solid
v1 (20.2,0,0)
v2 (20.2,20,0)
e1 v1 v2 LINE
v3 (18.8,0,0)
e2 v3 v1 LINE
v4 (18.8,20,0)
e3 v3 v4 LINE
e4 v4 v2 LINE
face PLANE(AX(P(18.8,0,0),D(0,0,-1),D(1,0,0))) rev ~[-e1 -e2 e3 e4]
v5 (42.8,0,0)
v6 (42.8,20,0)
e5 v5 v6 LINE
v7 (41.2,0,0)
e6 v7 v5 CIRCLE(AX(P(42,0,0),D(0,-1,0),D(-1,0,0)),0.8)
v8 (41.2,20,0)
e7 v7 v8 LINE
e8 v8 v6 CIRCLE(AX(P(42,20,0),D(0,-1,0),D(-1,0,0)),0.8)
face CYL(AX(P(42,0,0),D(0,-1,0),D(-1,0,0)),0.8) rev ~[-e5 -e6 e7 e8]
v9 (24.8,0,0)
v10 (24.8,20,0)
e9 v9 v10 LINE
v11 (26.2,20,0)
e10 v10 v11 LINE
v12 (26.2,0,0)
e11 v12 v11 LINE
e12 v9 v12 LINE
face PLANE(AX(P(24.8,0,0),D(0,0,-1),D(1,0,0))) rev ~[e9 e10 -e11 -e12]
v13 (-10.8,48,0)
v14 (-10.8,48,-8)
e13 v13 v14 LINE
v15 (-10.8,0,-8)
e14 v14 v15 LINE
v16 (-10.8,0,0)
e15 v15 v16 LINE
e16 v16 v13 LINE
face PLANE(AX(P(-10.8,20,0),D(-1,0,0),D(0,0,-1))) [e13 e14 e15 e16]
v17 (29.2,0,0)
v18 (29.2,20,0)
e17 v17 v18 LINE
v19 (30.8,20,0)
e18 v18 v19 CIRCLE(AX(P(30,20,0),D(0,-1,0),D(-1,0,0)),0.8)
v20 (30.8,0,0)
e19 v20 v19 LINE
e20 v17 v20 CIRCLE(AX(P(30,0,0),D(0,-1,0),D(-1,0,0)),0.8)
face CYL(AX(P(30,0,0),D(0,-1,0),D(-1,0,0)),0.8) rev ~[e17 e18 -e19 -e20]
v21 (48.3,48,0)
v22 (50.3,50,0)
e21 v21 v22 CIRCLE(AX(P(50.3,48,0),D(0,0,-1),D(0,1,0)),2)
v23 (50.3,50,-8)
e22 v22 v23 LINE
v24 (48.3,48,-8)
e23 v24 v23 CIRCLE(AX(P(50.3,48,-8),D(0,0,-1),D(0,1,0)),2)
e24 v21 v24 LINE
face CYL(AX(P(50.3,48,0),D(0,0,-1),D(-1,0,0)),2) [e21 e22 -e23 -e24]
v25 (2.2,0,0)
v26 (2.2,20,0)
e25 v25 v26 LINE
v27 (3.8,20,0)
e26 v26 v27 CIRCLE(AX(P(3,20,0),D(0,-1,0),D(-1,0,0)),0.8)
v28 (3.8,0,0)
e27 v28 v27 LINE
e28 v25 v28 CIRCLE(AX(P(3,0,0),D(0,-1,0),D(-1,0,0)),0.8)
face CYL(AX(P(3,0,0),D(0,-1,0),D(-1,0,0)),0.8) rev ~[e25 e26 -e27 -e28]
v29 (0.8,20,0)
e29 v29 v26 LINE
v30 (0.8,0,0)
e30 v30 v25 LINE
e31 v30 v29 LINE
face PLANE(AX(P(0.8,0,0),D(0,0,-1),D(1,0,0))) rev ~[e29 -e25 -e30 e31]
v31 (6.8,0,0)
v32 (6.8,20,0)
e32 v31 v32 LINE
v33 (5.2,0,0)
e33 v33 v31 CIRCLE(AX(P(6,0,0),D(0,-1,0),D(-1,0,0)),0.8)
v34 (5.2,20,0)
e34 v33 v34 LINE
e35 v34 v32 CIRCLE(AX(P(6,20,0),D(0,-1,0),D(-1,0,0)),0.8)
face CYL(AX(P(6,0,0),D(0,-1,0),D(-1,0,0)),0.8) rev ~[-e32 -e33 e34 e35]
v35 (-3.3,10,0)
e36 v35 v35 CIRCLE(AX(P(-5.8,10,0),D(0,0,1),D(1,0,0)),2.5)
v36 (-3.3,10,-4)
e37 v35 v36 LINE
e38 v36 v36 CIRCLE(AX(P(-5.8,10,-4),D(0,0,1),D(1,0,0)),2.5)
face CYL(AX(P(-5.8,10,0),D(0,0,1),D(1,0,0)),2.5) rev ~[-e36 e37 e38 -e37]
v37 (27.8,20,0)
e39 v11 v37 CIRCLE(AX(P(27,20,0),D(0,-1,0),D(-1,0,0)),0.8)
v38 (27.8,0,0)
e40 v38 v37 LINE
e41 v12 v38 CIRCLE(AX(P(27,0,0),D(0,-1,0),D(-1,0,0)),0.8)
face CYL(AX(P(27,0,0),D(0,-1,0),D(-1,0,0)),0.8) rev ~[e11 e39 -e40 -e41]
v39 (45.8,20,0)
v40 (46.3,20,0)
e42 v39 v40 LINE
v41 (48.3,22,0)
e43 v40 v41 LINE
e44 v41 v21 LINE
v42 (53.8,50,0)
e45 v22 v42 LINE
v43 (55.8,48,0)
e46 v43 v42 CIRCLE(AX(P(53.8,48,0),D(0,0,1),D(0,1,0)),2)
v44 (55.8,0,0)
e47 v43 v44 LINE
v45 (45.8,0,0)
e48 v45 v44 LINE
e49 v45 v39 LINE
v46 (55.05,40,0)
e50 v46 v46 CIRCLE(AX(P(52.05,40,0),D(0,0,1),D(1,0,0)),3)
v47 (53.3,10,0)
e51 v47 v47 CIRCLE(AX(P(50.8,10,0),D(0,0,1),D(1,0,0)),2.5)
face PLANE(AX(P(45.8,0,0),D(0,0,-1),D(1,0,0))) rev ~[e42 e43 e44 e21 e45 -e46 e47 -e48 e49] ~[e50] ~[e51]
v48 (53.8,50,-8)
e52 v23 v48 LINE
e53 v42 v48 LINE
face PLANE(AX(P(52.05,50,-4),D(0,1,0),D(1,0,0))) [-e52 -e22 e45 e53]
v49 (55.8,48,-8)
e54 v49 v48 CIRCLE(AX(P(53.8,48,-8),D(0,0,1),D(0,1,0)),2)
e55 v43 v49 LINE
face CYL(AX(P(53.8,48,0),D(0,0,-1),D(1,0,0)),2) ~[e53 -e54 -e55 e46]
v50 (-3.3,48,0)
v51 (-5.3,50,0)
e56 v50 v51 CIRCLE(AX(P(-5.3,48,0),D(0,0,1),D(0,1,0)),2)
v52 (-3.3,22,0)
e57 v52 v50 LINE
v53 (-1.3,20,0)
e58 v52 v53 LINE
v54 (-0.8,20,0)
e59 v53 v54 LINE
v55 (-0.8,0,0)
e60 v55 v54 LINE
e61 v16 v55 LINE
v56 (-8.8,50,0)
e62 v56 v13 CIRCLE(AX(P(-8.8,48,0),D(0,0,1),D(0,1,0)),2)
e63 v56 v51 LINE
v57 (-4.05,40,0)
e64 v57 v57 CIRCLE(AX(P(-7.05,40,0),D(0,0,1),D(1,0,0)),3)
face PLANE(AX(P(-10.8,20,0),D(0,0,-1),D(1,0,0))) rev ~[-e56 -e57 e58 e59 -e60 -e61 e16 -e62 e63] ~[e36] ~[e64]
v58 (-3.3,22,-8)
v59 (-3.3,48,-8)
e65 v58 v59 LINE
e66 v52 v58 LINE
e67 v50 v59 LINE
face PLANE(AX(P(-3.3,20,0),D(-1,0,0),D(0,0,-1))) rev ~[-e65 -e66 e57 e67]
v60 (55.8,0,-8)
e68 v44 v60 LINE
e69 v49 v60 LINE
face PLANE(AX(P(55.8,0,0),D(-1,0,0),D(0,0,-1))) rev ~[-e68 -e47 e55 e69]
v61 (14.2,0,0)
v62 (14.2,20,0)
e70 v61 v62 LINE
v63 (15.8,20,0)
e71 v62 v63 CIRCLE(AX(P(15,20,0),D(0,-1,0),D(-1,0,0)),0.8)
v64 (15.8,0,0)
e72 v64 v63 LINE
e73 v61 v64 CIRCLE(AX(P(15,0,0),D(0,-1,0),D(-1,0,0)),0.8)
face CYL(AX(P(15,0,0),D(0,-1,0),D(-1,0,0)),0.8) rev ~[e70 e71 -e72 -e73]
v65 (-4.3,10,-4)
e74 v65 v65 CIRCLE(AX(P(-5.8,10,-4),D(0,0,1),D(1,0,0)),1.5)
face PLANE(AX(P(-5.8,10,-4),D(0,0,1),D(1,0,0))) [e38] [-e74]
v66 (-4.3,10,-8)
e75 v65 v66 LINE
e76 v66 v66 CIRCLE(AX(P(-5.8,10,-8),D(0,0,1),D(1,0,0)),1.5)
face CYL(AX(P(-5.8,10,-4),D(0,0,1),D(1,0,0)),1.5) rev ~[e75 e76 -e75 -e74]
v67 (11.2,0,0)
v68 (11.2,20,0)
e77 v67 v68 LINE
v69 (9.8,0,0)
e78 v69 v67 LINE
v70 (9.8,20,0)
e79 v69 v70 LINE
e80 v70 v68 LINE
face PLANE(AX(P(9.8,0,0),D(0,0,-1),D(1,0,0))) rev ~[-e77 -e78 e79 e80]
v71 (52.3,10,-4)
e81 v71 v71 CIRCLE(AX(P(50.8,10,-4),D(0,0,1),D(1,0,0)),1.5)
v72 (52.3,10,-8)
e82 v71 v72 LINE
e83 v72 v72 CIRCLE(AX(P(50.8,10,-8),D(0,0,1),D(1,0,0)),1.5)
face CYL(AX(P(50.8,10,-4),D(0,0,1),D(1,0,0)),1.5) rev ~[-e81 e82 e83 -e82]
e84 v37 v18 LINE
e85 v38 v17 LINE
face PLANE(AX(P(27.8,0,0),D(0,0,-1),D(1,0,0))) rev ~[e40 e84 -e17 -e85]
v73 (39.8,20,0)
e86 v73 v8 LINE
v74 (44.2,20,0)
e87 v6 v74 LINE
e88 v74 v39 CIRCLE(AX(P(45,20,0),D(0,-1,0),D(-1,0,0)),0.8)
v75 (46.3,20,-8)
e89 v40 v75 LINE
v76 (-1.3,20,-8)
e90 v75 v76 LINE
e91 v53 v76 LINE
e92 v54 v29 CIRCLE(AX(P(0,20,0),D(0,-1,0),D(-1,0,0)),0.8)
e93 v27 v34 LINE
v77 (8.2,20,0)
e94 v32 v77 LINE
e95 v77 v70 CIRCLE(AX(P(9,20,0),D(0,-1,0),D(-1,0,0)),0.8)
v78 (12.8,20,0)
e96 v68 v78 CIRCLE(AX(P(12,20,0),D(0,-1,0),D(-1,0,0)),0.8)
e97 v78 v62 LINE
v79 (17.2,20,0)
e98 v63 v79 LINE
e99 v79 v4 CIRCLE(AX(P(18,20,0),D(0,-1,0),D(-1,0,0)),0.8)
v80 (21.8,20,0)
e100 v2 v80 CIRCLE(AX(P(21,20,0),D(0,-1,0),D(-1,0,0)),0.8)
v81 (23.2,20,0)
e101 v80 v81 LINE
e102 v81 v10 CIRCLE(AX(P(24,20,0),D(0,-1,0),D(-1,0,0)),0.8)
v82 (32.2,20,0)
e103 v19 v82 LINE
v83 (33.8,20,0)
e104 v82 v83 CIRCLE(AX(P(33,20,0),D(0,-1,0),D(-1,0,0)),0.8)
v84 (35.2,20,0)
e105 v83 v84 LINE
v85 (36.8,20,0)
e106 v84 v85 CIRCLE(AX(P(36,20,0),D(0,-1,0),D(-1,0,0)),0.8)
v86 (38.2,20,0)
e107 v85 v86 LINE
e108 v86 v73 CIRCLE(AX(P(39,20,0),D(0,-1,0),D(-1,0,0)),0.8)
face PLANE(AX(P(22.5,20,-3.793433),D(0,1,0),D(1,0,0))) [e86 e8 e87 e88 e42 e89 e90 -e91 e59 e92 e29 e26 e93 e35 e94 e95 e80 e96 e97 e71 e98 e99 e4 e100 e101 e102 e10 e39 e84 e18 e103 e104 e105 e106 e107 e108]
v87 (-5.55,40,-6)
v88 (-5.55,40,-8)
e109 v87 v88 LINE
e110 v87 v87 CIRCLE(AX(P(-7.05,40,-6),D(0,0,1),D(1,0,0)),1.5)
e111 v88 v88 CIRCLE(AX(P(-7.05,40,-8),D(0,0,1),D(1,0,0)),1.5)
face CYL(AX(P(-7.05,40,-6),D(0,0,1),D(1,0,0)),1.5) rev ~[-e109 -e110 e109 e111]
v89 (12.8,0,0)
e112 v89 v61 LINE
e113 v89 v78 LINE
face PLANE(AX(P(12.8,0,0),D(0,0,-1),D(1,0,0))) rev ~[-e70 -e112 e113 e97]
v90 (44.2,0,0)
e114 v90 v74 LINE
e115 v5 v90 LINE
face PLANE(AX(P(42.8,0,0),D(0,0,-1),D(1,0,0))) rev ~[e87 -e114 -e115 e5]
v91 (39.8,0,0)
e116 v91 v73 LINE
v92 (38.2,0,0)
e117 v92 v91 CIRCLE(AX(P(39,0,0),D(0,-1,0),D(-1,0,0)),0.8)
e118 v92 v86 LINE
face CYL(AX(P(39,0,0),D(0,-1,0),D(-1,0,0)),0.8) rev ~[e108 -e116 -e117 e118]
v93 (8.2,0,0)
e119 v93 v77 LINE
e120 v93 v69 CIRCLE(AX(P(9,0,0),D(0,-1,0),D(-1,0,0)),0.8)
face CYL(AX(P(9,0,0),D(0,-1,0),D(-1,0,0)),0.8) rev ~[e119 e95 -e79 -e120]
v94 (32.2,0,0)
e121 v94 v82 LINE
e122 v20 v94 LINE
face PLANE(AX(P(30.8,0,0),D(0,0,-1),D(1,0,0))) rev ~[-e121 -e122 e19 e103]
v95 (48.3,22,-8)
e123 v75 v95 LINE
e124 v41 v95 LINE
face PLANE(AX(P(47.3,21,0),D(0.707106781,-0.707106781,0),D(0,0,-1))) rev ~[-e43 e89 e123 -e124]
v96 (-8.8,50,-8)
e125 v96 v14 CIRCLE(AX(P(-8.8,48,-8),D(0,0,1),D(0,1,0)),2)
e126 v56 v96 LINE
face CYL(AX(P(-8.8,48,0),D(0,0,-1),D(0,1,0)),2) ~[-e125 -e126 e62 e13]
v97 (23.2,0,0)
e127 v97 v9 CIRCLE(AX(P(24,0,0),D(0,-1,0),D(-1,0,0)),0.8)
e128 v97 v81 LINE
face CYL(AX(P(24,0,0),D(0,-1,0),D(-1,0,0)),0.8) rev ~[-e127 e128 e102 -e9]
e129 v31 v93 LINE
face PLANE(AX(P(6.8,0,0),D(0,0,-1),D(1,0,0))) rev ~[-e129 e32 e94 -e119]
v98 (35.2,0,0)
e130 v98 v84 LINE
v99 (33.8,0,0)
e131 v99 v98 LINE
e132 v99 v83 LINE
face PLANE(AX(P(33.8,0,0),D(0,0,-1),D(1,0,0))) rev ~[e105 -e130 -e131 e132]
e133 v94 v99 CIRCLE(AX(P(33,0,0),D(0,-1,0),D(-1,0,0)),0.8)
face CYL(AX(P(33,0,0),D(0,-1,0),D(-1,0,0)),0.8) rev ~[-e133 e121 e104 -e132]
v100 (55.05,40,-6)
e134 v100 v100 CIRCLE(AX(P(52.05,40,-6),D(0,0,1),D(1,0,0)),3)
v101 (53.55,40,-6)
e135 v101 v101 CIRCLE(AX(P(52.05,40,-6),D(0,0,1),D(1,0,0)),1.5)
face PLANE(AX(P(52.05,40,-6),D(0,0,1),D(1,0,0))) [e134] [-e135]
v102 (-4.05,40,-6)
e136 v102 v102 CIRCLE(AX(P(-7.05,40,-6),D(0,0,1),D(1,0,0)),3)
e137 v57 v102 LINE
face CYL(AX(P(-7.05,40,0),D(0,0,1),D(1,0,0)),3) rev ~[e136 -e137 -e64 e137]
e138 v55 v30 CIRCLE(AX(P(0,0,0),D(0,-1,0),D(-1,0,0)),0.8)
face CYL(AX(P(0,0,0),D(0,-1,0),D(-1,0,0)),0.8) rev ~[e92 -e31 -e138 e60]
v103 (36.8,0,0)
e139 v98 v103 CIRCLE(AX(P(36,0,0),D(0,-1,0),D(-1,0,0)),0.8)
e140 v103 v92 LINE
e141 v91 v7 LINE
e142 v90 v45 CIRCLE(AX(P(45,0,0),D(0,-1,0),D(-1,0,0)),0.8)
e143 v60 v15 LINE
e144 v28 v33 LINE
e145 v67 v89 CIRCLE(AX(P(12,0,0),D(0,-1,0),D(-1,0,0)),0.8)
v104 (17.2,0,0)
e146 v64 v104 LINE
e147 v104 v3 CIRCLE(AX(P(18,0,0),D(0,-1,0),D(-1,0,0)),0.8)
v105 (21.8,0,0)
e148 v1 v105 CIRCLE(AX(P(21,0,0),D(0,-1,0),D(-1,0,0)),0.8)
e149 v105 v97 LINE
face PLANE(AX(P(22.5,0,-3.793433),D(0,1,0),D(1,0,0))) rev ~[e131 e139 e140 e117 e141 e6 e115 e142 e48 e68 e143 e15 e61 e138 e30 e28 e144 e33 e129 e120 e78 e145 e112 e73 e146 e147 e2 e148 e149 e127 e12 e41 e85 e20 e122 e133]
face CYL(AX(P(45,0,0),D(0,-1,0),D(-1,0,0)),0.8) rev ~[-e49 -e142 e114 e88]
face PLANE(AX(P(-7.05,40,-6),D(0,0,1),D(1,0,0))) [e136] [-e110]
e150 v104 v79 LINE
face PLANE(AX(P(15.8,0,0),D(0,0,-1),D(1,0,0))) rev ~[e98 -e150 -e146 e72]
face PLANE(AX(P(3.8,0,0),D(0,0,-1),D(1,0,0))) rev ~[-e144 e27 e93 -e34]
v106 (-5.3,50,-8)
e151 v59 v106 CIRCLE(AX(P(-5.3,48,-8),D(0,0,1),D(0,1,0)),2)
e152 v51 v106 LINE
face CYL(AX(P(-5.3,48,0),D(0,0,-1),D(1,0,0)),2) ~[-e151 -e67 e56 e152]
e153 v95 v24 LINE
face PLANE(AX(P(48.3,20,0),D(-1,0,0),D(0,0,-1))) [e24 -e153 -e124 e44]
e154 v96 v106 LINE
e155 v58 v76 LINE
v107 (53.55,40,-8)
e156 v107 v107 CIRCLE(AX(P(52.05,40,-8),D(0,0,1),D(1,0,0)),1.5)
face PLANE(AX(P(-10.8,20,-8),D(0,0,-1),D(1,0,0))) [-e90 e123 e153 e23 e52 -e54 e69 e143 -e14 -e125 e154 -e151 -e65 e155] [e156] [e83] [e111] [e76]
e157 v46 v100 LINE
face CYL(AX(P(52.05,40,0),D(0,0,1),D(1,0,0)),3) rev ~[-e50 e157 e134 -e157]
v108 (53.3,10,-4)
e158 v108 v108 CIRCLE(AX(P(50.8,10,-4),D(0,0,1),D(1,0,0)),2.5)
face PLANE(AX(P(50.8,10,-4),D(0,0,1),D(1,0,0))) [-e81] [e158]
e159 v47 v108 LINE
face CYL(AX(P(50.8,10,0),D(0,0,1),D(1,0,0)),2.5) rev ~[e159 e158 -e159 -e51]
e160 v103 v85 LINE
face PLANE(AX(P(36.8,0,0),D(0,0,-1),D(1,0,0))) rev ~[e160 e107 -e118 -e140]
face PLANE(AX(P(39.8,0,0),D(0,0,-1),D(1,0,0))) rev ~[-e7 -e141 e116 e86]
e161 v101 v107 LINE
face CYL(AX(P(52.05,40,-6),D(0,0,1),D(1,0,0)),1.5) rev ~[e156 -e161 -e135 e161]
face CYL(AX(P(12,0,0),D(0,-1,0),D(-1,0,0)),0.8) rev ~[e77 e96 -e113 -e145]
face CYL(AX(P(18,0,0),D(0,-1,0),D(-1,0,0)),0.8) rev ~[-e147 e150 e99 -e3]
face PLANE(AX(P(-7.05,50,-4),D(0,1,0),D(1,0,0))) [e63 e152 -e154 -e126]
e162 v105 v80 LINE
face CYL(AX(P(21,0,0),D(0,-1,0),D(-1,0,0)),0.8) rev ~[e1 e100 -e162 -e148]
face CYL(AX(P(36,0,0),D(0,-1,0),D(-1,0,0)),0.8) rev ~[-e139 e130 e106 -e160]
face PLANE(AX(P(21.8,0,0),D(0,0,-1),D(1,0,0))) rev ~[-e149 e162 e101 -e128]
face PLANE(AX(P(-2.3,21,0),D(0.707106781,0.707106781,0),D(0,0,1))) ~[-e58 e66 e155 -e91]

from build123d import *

# Parameters (mm, degrees)
EXTRUDE_1_DEPTH     = 20
SKETCH_3_R          = 2.5
CUT_EXTRUDE_1_DEPTH = 4
SKETCH_4_R          = 1.5
CUT_EXTRUDE_2_DEPTH = 14
SKETCH_5_W          = 7.5
SKETCH_5_H          = 8
EXTRUDE_2_DEPTH     = 30
SKETCH_6_R          = 3
CUT_EXTRUDE_3_DEPTH = 6
SKETCH_7_R          = 1.5
CUT_EXTRUDE_4_DEPTH = 6
CHAMFER_1_SIZE      = 2
FILLET_1_R          = 2


with BuildPart() as part:
    # 草图1 → 凸台-拉伸1 (new body)
    with BuildSketch(Plane(origin=(0, 0, 0), x_dir=(1, 0, 0), z_dir=(0, 1, 0))):
        with BuildLine():
            Line((-10.8, 0), (-0.8, 0))
            ThreePointArc((-0.8, 0), (0, 0.8), (0.8, 0))
            Line((0.8, 0), (2.2, 0))
            ThreePointArc((2.2, 0), (3, 0.8), (3.8, 0))
            Line((3.8, 0), (5.2, 0))
            ThreePointArc((5.2, 0), (6, 0.8), (6.8, 0))
            Line((6.8, 0), (8.2, 0))
            ThreePointArc((8.2, 0), (9, 0.8), (9.8, 0))
            Line((9.8, 0), (11.2, 0))
            ThreePointArc((11.2, 0), (12, 0.8), (12.8, 0))
            Line((12.8, 0), (14.2, 0))
            ThreePointArc((14.2, 0), (15, 0.8), (15.8, 0))
            Line((15.8, 0), (17.2, 0))
            ThreePointArc((17.2, 0), (18, 0.8), (18.8, 0))
            Line((18.8, 0), (20.2, 0))
            ThreePointArc((20.2, 0), (21, 0.8), (21.8, 0))
            Line((21.8, 0), (23.2, 0))
            ThreePointArc((23.2, 0), (24, 0.8), (24.8, 0))
            Line((24.8, 0), (26.2, 0))
            ThreePointArc((26.2, 0), (27, 0.8), (27.8, 0))
            Line((27.8, 0), (29.2, 0))
            ThreePointArc((29.2, 0), (30, 0.8), (30.8, 0))
            Line((30.8, 0), (32.2, 0))
            ThreePointArc((32.2, 0), (33, 0.8), (33.8, 0))
            Line((33.8, 0), (35.2, 0))
            ThreePointArc((35.2, 0), (36, 0.8), (36.8, 0))
            Line((36.8, 0), (38.2, 0))
            ThreePointArc((38.2, 0), (39, 0.8), (39.8, 0))
            Line((39.8, 0), (41.2, 0))
            ThreePointArc((41.2, 0), (42, 0.8), (42.8, 0))
            Line((42.8, 0), (44.2, 0))
            ThreePointArc((44.2, 0), (45, 0.8), (45.8, 0))
            Line((45.8, 0), (55.8, 0))
            Line((55.8, 0), (55.8, 8))
            Line((55.8, 8), (-10.8, 8))
            Line((-10.8, 8), (-10.8, 0))
        make_face()
    extrude(amount=EXTRUDE_1_DEPTH)

    # 草图3 → 切除-拉伸1 (cut)
    with BuildSketch(Plane.XY):
        with Locations((50.8, 10)):
            Circle(SKETCH_3_R)
        with Locations((-5.8, 10)):
            Circle(SKETCH_3_R)
    extrude(amount=-CUT_EXTRUDE_1_DEPTH, mode=Mode.SUBTRACT)

    # 草图4 → 切除-拉伸2 (cut)
    with BuildSketch(Plane.XY.offset(-4)):
        with Locations((-5.8, 10)):
            Circle(SKETCH_4_R)
        with Locations((50.8, 10)):
            Circle(SKETCH_4_R)
    extrude(amount=-CUT_EXTRUDE_2_DEPTH, mode=Mode.SUBTRACT)

    # 草图5 → 凸台-拉伸2 (add)
    with BuildSketch(Plane(origin=(0, 20, 0), x_dir=(1, 0, 0), z_dir=(0, 1, 0))):
        with Locations((-7.05, 4)):
            Rectangle(SKETCH_5_W, SKETCH_5_H)
        with Locations((52.05, 4)):
            Rectangle(SKETCH_5_W, SKETCH_5_H)
    extrude(amount=EXTRUDE_2_DEPTH)

    # 草图6 → 切除-拉伸3 (cut)
    with BuildSketch(Plane.XY):
        with Locations((-7.05, 40)):
            Circle(SKETCH_6_R)
        with Locations((52.05, 40)):
            Circle(SKETCH_6_R)
    extrude(amount=-CUT_EXTRUDE_3_DEPTH, mode=Mode.SUBTRACT)

    # 草图7 → 切除-拉伸4 (cut)
    with BuildSketch(Plane.XY.offset(-6)):
        with Locations((-7.05, 40)):
            Circle(SKETCH_7_R)
        with Locations((52.05, 40)):
            Circle(SKETCH_7_R)
    extrude(amount=-CUT_EXTRUDE_4_DEPTH, mode=Mode.SUBTRACT)

    # 倒角1
    chamfer_1_edges = [part.edges().sort_by_distance(p)[0] for p in [
        (-3.3, 20, -4),
        (48.3, 20, -4),
    ]]
    chamfer(chamfer_1_edges, length=CHAMFER_1_SIZE)

    # 圆角1
    fillet_1_edges = [part.edges().sort_by_distance(p)[0] for p in [
        (-10.8, 50, -4),
        (-3.3, 50, -4),
        (55.8, 50, -4),
        (48.3, 50, -4),
    ]]
    fillet(fillet_1_edges, radius=FILLET_1_R)


solid = part.part
